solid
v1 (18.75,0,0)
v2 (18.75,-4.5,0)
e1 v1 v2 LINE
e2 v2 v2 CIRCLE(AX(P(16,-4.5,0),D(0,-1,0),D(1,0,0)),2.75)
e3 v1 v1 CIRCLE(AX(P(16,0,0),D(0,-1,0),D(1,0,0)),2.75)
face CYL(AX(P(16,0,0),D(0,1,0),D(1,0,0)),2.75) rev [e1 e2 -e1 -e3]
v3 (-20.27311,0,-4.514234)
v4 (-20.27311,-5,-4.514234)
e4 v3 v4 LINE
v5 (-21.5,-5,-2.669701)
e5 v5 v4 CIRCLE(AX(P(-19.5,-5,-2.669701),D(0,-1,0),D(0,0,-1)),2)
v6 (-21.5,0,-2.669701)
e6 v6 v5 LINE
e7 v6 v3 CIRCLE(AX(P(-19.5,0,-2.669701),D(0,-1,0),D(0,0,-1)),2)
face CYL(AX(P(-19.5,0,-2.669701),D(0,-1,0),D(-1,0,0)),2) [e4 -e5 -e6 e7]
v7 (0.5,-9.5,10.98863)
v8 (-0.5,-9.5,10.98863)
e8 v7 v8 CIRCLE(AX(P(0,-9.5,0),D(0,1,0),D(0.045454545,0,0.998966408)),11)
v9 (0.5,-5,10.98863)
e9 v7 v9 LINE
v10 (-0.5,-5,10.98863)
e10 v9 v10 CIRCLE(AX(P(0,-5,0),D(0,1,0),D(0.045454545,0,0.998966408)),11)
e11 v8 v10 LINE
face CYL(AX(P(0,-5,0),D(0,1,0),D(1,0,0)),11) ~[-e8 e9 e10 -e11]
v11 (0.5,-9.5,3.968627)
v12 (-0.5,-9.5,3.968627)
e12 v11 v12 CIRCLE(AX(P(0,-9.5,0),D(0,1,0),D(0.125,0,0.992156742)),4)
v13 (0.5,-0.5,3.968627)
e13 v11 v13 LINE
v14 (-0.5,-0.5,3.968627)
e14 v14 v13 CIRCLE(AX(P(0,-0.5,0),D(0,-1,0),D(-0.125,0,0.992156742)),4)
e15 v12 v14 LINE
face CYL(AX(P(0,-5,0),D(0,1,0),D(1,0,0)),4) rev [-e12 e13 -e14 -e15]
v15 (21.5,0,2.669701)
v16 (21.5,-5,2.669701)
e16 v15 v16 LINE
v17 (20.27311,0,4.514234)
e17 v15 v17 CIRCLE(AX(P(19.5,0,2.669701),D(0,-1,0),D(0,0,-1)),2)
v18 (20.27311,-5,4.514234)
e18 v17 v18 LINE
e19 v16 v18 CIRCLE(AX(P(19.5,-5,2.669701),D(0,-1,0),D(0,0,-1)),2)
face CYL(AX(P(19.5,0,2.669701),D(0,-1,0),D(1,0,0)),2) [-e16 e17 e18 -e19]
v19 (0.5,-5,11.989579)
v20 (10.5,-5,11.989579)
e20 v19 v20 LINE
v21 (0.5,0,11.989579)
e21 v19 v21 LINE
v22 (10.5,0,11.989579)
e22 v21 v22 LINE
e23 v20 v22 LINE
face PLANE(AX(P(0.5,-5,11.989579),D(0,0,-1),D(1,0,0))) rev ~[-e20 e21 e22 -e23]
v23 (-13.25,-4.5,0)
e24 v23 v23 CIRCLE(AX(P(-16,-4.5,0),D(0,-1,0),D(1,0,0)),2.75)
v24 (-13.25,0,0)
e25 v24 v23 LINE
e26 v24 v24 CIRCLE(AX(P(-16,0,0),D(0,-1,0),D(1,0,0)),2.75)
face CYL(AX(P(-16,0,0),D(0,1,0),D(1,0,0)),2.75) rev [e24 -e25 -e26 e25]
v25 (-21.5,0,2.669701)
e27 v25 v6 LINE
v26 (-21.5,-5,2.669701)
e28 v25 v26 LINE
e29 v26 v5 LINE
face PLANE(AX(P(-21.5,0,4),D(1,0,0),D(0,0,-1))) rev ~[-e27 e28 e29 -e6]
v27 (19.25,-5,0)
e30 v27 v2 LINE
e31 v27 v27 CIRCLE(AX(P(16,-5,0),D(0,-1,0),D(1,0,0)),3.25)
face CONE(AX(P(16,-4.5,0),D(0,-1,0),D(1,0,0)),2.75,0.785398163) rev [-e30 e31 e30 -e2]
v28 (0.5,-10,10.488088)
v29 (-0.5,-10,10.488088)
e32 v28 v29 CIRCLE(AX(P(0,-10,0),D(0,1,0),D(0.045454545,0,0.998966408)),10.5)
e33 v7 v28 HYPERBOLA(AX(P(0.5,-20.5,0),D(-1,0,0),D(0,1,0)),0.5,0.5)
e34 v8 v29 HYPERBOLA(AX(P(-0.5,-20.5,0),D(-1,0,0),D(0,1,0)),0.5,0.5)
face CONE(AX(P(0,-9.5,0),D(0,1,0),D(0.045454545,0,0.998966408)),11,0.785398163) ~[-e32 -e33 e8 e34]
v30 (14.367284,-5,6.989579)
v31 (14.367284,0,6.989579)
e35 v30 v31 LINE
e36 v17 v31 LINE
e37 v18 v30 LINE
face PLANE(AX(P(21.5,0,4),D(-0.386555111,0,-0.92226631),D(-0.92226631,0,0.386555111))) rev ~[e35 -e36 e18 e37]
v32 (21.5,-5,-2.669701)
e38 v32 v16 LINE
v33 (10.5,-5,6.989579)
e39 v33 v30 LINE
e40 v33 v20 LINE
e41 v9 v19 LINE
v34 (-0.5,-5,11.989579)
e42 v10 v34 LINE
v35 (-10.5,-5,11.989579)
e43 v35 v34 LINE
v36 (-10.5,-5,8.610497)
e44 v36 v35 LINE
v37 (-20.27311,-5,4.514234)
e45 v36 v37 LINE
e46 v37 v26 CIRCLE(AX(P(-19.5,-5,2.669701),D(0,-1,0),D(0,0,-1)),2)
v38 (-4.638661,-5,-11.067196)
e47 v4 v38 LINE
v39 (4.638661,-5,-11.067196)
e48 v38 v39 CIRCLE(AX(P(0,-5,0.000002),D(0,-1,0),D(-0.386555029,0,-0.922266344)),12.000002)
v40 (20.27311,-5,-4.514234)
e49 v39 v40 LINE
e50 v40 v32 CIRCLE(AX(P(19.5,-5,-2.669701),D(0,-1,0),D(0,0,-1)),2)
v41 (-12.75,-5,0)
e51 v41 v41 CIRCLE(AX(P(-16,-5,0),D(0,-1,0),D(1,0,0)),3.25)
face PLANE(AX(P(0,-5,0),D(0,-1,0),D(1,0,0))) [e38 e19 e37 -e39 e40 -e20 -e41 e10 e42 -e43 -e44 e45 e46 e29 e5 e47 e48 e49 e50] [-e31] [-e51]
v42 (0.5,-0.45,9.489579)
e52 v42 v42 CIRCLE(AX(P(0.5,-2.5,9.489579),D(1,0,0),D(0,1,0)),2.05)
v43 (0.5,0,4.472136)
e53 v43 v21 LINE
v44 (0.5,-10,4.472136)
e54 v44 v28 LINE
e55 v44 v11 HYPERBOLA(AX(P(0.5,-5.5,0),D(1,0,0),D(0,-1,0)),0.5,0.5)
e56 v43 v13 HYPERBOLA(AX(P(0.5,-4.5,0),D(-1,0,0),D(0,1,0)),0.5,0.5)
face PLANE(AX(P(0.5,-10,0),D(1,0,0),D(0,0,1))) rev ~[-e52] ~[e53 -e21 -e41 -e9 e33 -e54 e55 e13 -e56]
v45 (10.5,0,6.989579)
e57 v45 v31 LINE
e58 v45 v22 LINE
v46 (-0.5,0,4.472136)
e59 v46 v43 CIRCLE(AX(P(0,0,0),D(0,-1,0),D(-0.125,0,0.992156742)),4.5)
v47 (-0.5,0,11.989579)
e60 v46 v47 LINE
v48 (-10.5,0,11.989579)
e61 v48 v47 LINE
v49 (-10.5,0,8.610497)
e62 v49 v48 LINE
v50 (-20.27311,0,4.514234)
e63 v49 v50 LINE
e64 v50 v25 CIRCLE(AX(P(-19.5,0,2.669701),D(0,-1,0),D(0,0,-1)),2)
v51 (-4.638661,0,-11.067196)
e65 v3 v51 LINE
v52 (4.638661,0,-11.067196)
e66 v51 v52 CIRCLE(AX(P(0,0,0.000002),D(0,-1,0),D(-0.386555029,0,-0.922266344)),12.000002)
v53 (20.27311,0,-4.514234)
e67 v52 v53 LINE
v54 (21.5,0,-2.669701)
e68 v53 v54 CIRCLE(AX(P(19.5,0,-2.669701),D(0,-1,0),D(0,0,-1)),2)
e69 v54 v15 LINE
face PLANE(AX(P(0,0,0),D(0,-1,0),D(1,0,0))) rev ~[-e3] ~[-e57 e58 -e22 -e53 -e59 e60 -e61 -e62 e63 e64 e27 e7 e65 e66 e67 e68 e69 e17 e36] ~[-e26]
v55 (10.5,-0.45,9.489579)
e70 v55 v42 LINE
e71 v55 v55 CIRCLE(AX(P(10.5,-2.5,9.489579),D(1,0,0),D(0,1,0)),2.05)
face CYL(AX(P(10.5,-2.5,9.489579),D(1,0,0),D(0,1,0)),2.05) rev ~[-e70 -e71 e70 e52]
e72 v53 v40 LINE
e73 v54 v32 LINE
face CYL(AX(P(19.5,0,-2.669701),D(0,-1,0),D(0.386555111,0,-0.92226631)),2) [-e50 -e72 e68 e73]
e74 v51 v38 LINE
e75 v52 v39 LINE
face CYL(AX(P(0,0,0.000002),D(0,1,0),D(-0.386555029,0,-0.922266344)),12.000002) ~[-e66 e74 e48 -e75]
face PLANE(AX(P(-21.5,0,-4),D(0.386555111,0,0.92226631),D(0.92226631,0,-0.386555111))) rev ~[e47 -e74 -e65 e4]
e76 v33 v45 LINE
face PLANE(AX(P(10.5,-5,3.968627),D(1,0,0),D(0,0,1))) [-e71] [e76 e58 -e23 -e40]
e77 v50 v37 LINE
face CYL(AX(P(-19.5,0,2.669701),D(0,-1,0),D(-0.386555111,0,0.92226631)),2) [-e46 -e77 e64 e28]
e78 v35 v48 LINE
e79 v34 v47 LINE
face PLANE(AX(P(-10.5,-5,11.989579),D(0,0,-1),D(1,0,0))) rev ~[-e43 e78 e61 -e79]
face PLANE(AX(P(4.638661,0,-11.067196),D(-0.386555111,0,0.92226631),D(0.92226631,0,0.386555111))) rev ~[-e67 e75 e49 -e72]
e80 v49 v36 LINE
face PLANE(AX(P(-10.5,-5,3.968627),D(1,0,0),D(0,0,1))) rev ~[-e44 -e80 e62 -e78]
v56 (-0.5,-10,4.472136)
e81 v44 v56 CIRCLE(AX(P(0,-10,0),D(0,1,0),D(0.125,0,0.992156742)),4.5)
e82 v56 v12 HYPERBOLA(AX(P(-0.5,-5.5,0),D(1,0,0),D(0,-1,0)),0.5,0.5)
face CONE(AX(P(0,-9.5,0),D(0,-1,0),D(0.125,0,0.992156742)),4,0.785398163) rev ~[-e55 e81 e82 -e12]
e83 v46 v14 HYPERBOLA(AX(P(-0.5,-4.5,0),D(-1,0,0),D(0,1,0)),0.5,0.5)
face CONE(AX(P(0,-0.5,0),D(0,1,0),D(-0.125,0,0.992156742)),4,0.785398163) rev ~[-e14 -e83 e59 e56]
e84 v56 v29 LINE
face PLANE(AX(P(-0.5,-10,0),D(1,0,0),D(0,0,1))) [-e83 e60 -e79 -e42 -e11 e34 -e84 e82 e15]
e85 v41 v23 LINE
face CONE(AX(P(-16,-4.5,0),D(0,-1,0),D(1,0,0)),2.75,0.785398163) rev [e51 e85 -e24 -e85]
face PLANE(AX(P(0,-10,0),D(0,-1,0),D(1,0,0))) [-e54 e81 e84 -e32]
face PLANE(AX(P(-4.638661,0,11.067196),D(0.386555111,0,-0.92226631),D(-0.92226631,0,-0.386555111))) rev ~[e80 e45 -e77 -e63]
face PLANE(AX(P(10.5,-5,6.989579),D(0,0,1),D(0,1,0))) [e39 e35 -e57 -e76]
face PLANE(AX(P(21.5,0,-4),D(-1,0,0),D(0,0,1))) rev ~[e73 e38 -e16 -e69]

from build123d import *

# Parameters (mm, degrees)
F0_R      = 2.75
F0_R_2    = 4
F1_DEPTH  = 5
F2_R      = 11
F2_R_2    = 4
F3_DEPTH  = 5
F4_W      = 1
F4_H      = 18
F5_DEPTH  = 10.001
F6_W      = 10
F6_H      = 8.020952
F7_DEPTH  = 5
F8_W      = 5
F8_H      = 5
F9_DEPTH  = 11.001
F10_R     = 2.05
F11_DEPTH = 11
F12_SIZE  = 0.5
F13_R     = 2


with BuildPart() as f1:
    # F0 (on Front) → F1 (new body)
    with BuildSketch(Plane.XZ):
        with BuildLine():
            Line((-21.5, 4), (-21.5, -4))
            Line((-21.5, -4), (-4.638661, -11.067196))
            ThreePointArc((-4.638661, -11.067196), (0, -12), (4.638661, -11.067196))
            Line((4.638661, -11.067196), (21.5, -4))
            Line((21.5, -4), (21.5, 4))
            Line((21.5, 4), (4.638661, 11.067196))
            ThreePointArc((4.638661, 11.067196), (0, 12), (-4.638661, 11.067196))
            Line((-4.638661, 11.067196), (-21.5, 4))
        make_face()
        with Locations((-16, 0)):
            Circle(F0_R, mode=Mode.SUBTRACT)
        Circle(F0_R_2, mode=Mode.SUBTRACT)
        with Locations((16, 0)):
            Circle(F0_R, mode=Mode.SUBTRACT)
    extrude(amount=F1_DEPTH)

    # F2 (on face) → F3 (join)
    with BuildSketch(Plane.XZ.offset(5)):
        Circle(F2_R)
        Circle(F2_R_2, mode=Mode.SUBTRACT)
    extrude(amount=F3_DEPTH)

    # F4 (on face) → F5 (cut, through all)
    with BuildSketch(Plane.XZ.offset(10)):
        with Locations((0, 9)):
            Rectangle(F4_W, F4_H)
    extrude(amount=-F5_DEPTH, mode=Mode.SUBTRACT)

    # F6 (on face) → F7 (join, through all)
    with BuildSketch(Plane.XZ.offset(5)):
        with Locations((-5.5, 7.979103)):
            Rectangle(F6_W, F6_H)
        with Locations((5.5, 7.979103)):
            Rectangle(F6_W, F6_H)
    extrude(amount=-F7_DEPTH)

    # F8 (on face) → F9 (cut, through all)
    with BuildSketch(Plane.YZ.offset(10.5)):
        with Locations((-2.5, 9.489579)):
            Rectangle(F8_W, F8_H)
    extrude(amount=F9_DEPTH, mode=Mode.SUBTRACT)

    # F10 (on face) → F11 (cut, through all)
    with BuildSketch(Plane.YZ.offset(10.5)):
        with Locations((-2.5, 9.489579)):
            Circle(F10_R)
    extrude(amount=-F11_DEPTH, mode=Mode.SUBTRACT)

    # F12
    f12_edges = [f1.edges().sort_by_distance(p)[0] for p in [
        (0, 0, -4),
        (0, -10, -4),
        (0, -10, -11),
        (13.25, -5, 0),
        (-18.75, -5, 0),
    ]]
    chamfer(f12_edges, length=F12_SIZE)

    # F13
    f13_edges = [f1.edges().sort_by_distance(p)[0] for p in [
        (21.5, -2.5, -4),
        (21.5, -2.5, 4),
        (-21.5, -2.5, -4),
        (-21.5, -2.5, 4),
    ]]
    fillet(f13_edges, radius=F13_R)


solid = f1.part
